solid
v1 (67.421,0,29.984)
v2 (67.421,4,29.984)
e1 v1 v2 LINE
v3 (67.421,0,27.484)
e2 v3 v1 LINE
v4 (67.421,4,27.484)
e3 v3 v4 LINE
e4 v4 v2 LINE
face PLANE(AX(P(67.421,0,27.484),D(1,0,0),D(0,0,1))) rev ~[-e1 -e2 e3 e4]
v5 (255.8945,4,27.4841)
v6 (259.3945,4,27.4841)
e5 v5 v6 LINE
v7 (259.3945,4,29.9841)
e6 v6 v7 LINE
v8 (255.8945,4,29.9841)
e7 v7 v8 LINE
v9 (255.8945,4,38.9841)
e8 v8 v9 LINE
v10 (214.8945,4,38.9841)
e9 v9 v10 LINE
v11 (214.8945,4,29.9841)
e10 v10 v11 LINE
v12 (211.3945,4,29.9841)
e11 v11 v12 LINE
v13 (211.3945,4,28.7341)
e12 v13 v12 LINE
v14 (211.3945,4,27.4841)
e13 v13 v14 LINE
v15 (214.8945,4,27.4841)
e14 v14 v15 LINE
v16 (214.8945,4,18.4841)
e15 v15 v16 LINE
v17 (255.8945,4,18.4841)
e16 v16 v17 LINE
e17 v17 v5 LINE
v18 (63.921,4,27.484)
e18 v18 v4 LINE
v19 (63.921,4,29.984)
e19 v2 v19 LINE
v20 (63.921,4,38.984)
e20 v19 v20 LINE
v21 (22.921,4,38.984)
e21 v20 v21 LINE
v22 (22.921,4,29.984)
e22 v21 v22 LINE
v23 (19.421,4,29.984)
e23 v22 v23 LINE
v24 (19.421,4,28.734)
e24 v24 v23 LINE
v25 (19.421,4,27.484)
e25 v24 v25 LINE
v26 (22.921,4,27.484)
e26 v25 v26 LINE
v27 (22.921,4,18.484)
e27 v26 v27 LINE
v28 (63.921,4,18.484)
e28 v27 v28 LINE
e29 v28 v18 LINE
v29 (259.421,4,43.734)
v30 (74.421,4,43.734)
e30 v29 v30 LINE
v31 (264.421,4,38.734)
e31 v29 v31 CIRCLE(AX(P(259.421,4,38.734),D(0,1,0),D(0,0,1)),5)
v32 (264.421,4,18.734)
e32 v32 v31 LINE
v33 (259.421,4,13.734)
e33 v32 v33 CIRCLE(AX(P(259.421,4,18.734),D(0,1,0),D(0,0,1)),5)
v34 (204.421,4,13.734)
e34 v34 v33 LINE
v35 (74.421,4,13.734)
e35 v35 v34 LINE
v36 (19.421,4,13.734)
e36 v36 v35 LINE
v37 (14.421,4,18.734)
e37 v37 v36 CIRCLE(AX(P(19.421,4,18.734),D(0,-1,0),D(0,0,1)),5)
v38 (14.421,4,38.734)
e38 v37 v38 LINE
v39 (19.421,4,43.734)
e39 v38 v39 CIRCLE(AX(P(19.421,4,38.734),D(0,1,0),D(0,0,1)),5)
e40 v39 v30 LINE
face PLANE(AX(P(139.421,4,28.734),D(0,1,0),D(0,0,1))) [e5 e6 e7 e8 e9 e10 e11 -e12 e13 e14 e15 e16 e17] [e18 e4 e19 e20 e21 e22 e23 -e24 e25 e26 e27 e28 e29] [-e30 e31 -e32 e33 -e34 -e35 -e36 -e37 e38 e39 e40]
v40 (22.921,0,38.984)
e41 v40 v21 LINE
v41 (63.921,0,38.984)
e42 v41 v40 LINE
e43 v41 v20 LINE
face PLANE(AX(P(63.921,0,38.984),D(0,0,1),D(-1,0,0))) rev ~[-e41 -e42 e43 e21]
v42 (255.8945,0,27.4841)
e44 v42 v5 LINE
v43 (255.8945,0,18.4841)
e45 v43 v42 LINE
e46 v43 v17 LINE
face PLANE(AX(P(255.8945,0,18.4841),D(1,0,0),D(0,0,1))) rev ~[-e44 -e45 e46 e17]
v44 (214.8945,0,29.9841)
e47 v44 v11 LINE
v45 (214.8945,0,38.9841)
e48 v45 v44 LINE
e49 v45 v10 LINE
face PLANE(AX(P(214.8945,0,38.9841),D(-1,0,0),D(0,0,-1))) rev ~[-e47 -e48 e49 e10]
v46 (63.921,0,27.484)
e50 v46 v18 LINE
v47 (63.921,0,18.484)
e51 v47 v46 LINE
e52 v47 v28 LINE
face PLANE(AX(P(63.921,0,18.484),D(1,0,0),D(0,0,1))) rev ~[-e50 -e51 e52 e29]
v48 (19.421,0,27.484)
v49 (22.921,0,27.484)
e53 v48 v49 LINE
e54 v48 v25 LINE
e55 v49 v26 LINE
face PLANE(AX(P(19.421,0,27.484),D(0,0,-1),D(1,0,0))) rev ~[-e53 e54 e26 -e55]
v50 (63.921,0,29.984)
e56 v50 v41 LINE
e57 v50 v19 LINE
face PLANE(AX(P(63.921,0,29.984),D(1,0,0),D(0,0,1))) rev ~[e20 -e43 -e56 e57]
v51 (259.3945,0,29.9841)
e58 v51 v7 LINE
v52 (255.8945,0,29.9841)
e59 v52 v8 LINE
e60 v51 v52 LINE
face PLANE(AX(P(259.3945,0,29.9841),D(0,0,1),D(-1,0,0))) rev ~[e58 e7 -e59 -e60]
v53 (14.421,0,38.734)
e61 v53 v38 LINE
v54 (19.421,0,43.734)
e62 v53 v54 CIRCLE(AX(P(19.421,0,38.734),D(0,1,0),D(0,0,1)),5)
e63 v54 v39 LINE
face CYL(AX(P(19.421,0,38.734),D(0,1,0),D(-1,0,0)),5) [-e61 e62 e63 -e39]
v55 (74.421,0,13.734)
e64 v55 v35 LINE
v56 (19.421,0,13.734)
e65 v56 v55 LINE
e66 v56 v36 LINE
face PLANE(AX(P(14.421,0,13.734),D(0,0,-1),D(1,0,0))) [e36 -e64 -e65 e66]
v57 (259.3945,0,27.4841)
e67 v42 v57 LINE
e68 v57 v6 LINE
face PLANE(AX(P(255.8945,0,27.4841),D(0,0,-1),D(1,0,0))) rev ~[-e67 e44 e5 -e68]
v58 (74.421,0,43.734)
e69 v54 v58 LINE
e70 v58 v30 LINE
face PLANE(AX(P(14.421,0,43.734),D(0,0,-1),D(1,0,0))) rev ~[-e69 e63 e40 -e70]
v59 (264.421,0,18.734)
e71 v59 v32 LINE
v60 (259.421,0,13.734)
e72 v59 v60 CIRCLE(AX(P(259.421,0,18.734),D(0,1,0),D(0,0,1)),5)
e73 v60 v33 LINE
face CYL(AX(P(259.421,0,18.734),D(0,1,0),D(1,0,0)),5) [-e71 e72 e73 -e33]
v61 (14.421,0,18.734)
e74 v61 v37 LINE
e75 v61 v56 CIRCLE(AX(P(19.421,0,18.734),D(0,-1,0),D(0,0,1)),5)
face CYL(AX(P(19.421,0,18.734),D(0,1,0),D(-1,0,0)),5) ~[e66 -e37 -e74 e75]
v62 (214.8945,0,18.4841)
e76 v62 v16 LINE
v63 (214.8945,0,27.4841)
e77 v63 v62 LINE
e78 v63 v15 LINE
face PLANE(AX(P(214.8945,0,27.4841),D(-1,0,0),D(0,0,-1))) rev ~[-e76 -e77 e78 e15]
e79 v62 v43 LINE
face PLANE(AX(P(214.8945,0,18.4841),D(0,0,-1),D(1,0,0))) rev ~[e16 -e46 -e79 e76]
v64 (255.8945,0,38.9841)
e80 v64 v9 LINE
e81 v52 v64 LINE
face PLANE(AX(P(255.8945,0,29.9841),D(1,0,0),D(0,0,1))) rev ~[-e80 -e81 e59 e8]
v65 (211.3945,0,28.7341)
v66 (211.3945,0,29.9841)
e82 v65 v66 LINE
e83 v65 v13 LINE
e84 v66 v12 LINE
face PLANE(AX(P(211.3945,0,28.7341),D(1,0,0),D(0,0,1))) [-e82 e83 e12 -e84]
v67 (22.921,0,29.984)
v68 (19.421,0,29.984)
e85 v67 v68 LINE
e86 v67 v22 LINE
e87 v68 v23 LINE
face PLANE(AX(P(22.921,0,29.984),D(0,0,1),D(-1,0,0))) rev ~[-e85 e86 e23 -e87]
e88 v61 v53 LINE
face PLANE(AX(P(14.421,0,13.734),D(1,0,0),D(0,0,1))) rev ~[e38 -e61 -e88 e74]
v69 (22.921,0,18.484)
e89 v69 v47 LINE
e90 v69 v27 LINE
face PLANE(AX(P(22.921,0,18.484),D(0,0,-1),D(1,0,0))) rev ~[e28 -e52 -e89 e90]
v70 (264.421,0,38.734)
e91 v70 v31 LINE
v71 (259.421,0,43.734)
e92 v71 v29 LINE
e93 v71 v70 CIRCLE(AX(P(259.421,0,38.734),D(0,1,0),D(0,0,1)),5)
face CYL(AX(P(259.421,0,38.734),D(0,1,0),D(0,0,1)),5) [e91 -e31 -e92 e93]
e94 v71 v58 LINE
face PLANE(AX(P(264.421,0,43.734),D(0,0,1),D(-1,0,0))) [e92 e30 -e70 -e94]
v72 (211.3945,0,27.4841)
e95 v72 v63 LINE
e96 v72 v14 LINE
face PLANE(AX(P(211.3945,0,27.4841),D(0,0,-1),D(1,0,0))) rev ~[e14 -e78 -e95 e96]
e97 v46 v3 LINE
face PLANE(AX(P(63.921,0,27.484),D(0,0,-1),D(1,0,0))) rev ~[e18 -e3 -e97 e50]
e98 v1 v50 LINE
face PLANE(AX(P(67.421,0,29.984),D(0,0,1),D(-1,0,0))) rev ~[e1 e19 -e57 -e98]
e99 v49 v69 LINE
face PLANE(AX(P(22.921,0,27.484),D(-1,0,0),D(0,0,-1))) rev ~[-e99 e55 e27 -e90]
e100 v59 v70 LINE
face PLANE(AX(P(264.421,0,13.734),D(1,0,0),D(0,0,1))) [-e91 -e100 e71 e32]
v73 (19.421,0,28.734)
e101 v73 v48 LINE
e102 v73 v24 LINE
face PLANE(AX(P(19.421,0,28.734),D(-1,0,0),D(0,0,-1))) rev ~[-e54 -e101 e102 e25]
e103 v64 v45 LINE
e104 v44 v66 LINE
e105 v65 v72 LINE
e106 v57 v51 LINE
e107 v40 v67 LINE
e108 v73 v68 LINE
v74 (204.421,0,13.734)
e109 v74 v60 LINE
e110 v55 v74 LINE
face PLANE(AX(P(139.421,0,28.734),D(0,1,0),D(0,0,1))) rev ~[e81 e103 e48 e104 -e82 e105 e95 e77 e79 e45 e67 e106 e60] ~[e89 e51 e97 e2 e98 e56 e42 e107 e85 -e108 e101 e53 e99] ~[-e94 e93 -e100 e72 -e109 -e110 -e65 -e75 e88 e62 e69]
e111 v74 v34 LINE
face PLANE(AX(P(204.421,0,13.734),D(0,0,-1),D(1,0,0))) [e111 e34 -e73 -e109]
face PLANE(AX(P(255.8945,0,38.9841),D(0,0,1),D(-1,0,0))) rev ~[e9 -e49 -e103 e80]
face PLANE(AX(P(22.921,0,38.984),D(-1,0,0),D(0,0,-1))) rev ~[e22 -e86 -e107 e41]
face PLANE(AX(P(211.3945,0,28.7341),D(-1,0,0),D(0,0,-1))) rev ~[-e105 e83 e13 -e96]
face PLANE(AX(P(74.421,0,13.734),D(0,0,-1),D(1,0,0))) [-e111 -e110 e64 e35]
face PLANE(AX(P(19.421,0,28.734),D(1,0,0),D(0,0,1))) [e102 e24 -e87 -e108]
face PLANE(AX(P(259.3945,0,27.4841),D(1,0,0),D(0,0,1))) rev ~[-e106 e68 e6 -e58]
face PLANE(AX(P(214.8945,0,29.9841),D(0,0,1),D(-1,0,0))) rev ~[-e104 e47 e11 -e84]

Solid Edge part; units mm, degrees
sketch "Sketch1" plane through (0, 0, 0) normal (0, -1, 0) x (1, 0, 0)
  line L0 (63.921, 18.484) -> (63.921, 27.484)
  line L1 (63.921, 27.484) -> (67.421, 27.484)
  line L2 (67.421, 27.484) -> (67.421, 29.984)
  line L3 (67.421, 29.984) -> (63.921, 29.984)
  line L4 (63.921, 29.984) -> (63.921, 38.984)
  line L5 (63.921, 38.984) -> (22.921, 38.984)
  line L6 (22.921, 38.984) -> (22.921, 29.984)
  line L7 (22.921, 29.984) -> (19.421, 29.984)
  line L8 (19.421, 28.734) -> (19.421, 29.984)
  line L9 (19.421, 28.734) -> (19.421, 27.484)
  line L10 (19.421, 27.484) -> (22.921, 27.484)
  line L11 (22.921, 27.484) -> (22.921, 18.484)
  line L12 (22.921, 18.484) -> (63.921, 18.484)
  line L13 (214.8945, 38.9841) -> (214.8945, 29.9841)
  line L14 (214.8945, 29.9841) -> (211.3945, 29.9841)
  line L15 (211.3945, 28.7341) -> (211.3945, 29.9841)
  line L16 (211.3945, 28.7341) -> (211.3945, 27.4841)
  line L17 (211.3945, 27.4841) -> (214.8945, 27.4841)
  line L18 (214.8945, 27.4841) -> (214.8945, 18.4841)
  line L19 (214.8945, 18.4841) -> (255.8945, 18.4841)
  line L20 (255.8945, 18.4841) -> (255.8945, 27.4841)
  line L21 (255.8945, 27.4841) -> (259.3945, 27.4841)
  line L22 (259.3945, 27.4841) -> (259.3945, 29.9841)
  line L23 (259.3945, 29.9841) -> (255.8945, 29.9841)
  line L24 (255.8945, 29.9841) -> (255.8945, 38.9841)
  line L25 (255.8945, 38.9841) -> (214.8945, 38.9841)
  line L26 (14.421, 13.734) -> (14.421, 43.734)
  line L27 (14.421, 43.734) -> (74.421, 43.734)
  line L28 (264.421, 43.734) -> (74.421, 43.734)
  line L29 (264.421, 13.734) -> (264.421, 43.734)
  line L30 (204.421, 13.734) -> (264.421, 13.734)
  line L31 (74.421, 13.734) -> (204.421, 13.734)
  line L32 (14.421, 13.734) -> (74.421, 13.734)
extrude "Protrusion1" add sketch "Sketch1" against normal blind 4
fillet "Redondo_1" radius 5 4 edges at (264.421, 2, 43.734) (264.421, 2, 13.734) (14.421, 2, 43.734) (14.421, 2, 13.734)
